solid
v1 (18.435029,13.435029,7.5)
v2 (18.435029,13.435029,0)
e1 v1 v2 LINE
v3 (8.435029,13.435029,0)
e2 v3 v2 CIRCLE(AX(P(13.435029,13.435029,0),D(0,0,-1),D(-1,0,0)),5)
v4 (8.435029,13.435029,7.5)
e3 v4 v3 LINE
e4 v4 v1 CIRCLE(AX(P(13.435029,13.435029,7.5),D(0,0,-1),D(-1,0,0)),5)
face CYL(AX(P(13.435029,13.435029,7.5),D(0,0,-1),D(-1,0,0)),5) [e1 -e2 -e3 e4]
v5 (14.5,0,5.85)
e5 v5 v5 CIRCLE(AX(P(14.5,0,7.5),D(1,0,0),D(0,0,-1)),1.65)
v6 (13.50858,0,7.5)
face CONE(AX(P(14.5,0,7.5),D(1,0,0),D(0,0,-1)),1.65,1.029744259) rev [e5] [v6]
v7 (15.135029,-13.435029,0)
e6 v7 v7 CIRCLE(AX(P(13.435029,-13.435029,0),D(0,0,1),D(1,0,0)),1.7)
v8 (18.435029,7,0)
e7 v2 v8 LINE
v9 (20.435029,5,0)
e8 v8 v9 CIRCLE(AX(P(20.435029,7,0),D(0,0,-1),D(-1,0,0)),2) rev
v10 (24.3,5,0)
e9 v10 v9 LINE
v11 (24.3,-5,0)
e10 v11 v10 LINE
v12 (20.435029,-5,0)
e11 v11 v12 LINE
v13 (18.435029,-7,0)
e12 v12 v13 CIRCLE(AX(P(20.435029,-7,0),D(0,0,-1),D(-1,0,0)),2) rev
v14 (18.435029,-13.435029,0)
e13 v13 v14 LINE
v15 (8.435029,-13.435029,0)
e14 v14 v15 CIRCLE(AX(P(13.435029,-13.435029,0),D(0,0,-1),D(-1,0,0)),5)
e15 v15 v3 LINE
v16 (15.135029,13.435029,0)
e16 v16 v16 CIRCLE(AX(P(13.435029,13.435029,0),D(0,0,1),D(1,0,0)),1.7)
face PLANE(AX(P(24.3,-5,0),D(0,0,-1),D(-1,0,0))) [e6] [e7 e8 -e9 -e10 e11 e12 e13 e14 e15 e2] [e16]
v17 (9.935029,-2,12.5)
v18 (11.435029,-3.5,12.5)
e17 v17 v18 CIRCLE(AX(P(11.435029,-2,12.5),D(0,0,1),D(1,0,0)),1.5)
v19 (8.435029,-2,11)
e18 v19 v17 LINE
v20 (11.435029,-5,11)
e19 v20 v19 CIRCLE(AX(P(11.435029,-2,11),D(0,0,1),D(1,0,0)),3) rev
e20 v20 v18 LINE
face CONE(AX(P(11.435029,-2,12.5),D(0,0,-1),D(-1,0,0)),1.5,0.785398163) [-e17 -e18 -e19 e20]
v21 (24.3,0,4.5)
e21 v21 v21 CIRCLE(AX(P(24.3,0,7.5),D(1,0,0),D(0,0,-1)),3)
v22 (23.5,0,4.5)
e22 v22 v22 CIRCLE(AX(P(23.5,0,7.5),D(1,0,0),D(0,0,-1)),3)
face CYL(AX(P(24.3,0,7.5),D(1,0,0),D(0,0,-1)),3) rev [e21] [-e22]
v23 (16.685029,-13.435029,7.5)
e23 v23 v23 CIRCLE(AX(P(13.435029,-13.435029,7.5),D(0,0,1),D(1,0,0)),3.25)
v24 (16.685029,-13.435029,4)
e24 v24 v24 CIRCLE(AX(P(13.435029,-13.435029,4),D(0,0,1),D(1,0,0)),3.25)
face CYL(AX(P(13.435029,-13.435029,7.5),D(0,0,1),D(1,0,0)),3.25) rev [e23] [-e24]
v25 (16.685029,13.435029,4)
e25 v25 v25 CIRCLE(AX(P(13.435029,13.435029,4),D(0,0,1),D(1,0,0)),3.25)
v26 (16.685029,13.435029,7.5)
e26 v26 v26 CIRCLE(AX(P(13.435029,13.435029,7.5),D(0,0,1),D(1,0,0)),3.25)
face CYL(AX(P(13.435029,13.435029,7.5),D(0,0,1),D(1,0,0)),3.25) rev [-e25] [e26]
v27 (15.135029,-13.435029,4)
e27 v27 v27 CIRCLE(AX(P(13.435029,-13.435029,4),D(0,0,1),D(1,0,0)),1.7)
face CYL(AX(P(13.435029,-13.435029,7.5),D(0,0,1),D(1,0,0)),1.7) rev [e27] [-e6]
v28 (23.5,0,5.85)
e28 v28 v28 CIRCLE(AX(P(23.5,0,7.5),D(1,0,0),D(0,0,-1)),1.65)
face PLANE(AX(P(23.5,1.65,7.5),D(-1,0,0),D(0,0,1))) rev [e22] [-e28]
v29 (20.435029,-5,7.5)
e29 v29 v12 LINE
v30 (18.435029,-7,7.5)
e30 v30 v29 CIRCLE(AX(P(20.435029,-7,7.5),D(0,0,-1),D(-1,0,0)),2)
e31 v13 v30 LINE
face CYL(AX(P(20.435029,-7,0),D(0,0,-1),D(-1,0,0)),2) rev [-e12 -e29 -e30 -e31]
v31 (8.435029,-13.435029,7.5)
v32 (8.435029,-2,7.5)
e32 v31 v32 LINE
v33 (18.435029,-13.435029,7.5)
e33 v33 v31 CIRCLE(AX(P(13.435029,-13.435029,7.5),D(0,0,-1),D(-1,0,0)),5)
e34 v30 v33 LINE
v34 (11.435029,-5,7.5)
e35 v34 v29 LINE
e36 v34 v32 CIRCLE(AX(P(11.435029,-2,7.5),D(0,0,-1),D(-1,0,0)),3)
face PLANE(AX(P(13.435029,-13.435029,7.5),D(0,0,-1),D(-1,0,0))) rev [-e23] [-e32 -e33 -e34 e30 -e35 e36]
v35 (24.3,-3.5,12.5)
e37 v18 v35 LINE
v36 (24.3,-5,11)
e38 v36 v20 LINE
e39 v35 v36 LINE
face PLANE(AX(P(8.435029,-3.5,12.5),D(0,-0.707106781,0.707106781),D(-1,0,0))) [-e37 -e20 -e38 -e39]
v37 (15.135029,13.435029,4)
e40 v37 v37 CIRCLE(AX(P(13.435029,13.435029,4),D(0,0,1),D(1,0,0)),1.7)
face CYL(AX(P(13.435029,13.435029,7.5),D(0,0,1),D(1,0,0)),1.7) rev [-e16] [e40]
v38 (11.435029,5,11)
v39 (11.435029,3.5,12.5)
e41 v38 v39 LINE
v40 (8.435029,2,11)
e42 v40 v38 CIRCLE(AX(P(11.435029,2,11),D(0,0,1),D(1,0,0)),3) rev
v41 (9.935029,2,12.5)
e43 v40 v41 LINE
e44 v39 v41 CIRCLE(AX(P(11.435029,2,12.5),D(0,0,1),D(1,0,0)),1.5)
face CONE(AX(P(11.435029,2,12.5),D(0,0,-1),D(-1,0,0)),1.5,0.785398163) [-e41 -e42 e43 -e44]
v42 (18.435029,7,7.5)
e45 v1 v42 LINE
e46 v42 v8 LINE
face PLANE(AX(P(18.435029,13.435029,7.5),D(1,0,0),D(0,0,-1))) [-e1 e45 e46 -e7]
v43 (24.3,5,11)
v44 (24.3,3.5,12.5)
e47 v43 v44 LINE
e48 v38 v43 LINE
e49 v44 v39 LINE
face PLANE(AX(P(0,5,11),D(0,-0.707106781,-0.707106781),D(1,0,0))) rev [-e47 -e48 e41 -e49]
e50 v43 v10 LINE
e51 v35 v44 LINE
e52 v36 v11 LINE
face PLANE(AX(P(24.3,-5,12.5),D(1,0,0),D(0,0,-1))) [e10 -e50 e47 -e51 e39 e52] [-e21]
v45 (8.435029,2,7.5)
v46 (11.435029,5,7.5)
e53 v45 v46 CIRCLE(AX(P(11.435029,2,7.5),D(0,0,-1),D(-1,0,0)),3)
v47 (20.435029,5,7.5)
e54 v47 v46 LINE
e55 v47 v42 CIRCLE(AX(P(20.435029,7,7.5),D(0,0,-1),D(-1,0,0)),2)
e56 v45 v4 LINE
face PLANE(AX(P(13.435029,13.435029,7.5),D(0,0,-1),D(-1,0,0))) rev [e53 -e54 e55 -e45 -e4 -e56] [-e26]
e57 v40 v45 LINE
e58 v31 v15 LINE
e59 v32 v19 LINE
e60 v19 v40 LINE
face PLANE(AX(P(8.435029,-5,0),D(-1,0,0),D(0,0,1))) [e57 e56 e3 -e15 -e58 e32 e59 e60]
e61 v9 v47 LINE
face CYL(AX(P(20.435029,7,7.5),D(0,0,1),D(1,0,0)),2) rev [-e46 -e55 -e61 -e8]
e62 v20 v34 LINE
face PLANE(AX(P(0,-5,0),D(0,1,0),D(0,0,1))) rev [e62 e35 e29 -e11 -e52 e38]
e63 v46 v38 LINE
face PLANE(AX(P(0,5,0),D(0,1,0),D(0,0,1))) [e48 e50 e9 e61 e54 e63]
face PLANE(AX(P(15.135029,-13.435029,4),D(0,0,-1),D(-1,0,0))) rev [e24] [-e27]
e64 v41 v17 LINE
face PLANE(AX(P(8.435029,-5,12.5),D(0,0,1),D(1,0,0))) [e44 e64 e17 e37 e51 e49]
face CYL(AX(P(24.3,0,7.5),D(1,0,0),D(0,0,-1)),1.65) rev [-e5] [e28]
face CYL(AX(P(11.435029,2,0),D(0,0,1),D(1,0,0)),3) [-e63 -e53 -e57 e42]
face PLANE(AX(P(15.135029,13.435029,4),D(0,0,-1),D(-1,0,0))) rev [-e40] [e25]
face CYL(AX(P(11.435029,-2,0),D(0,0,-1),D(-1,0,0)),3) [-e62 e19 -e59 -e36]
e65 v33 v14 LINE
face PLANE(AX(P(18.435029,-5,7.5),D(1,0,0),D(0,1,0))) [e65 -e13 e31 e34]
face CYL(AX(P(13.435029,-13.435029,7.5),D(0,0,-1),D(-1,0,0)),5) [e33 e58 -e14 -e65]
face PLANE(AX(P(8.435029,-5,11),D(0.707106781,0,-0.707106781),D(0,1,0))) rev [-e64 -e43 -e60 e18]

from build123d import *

# Parameters (mm, degrees)
SKETCH_1_W                   = 15.864971157
SKETCH_1_H                   = 12.5
EXTRUDE_1_DEPTH              = 10
EXTRUDE_2_DEPTH              = 7.5
EXTRUDE_3_DEPTH              = 7.5
HOLE_WIZARD_M3_1_D           = 3.3
HOLE_WIZARD_M3_1_DEPTH       = 9.8
HOLE_WIZARD_M3_1_CBORE_D     = 6
HOLE_WIZARD_M3_1_CBORE_DEPTH = 0.8
HOLE_WIZARD_M3_1_TIP         = 0.991420021
HOLE_WIZARD_M3_2_D           = 3.4
HOLE_WIZARD_M3_2_CBORE_D     = 6.5
HOLE_WIZARD_M3_2_CBORE_DEPTH = 3.5
FILLET_1_R                   = 3
CHAMFER_1_SIZE               = 1.5
FILLET_2_R                   = 2


with BuildPart() as part:
    # 草图1 → 凸台-拉伸1 (new body)
    with BuildSketch(Plane(origin=(0, 5, 0), x_dir=(1, 0, 0), z_dir=(0, 1, 0))):
        with Locations((16.367514422, -6.25)):
            Rectangle(SKETCH_1_W, SKETCH_1_H)
    extrude(amount=-EXTRUDE_1_DEPTH)

    # 草图2 → 凸台-拉伸2 (add)
    with BuildSketch(Plane(origin=(0, 0, 0), x_dir=(-1, 0, 0), z_dir=(0, 0, -1))):
        with BuildLine():
            Line((-8.435028843, -5), (-18.435028843, -5))
            Line((-18.435028843, -5), (-18.435028843, -13.435028843))
            ThreePointArc((-18.435028843, -13.435028843), (-13.435028843, -18.435028843), (-8.435028843, -13.435028843))
            Line((-8.435028843, -13.435028843), (-8.435028843, -5))
        make_face()
    extrude(amount=-EXTRUDE_2_DEPTH)

    # 草图3 → 凸台-拉伸3 (add)
    with BuildSketch(Plane(origin=(0, 0, 0), x_dir=(-1, 0, 0), z_dir=(0, 0, -1))):
        with BuildLine():
            Line((-8.435028843, 5), (-8.435028843, 13.435028843))
            ThreePointArc((-8.435028843, 13.435028843), (-13.435028843, 18.435028843), (-18.435028843, 13.435028843))
            Line((-18.435028843, 13.435028843), (-18.435028843, 5))
            Line((-18.435028843, 5), (-8.435028843, 5))
        make_face()
    extrude(amount=-EXTRUDE_3_DEPTH)

    # M3 六角头机械螺钉的柱形沉头孔1
    with Locations(Plane(origin=(24.3, 0, 0), x_dir=(0, 0, -1), z_dir=(1, 0, 0))):
        with Locations((-7.5, 0)):
            CounterBoreHole(HOLE_WIZARD_M3_1_D / 2, HOLE_WIZARD_M3_1_CBORE_D / 2, HOLE_WIZARD_M3_1_CBORE_DEPTH, depth=HOLE_WIZARD_M3_1_DEPTH)
            with Locations((0, 0, -(HOLE_WIZARD_M3_1_DEPTH + HOLE_WIZARD_M3_1_TIP / 2))):  # 118° drill point
                Cone(0, HOLE_WIZARD_M3_1_D / 2, HOLE_WIZARD_M3_1_TIP, mode=Mode.SUBTRACT)

    # M3 六角头机械螺钉的柱形沉头孔2 (through all)
    with Locations(Plane.XY.offset(7.5)):
        with Locations((13.435028843, 13.435028843), (13.435028843, -13.435028843)):
            CounterBoreHole(HOLE_WIZARD_M3_2_D / 2, HOLE_WIZARD_M3_2_CBORE_D / 2, HOLE_WIZARD_M3_2_CBORE_DEPTH)

    # 圆角1
    fillet_1_edges = [part.edges().sort_by_distance(p)[0] for p in [
        (8.435028843, -5, 10),
        (8.435028843, 5, 10),
    ]]
    fillet(fillet_1_edges, radius=FILLET_1_R)

    # 倒角1
    chamfer_1_edges = [part.edges().sort_by_distance(p)[0] for p in [
        (8.435028843, 0, 12.5),
        (17.867514421, 5, 12.5),
        (17.867514421, -5, 12.5),
        (9.313708499, 4.121320344, 12.5),
        (9.313708499, -4.121320344, 12.5),
    ]]
    chamfer(chamfer_1_edges, length=CHAMFER_1_SIZE)

    # 圆角2
    fillet_2_edges = [part.edges().sort_by_distance(p)[0] for p in [
        (18.435028843, -5, 3.75),
        (18.435028843, 5, 3.75),
    ]]
    fillet(fillet_2_edges, radius=FILLET_2_R)


solid = part.part
